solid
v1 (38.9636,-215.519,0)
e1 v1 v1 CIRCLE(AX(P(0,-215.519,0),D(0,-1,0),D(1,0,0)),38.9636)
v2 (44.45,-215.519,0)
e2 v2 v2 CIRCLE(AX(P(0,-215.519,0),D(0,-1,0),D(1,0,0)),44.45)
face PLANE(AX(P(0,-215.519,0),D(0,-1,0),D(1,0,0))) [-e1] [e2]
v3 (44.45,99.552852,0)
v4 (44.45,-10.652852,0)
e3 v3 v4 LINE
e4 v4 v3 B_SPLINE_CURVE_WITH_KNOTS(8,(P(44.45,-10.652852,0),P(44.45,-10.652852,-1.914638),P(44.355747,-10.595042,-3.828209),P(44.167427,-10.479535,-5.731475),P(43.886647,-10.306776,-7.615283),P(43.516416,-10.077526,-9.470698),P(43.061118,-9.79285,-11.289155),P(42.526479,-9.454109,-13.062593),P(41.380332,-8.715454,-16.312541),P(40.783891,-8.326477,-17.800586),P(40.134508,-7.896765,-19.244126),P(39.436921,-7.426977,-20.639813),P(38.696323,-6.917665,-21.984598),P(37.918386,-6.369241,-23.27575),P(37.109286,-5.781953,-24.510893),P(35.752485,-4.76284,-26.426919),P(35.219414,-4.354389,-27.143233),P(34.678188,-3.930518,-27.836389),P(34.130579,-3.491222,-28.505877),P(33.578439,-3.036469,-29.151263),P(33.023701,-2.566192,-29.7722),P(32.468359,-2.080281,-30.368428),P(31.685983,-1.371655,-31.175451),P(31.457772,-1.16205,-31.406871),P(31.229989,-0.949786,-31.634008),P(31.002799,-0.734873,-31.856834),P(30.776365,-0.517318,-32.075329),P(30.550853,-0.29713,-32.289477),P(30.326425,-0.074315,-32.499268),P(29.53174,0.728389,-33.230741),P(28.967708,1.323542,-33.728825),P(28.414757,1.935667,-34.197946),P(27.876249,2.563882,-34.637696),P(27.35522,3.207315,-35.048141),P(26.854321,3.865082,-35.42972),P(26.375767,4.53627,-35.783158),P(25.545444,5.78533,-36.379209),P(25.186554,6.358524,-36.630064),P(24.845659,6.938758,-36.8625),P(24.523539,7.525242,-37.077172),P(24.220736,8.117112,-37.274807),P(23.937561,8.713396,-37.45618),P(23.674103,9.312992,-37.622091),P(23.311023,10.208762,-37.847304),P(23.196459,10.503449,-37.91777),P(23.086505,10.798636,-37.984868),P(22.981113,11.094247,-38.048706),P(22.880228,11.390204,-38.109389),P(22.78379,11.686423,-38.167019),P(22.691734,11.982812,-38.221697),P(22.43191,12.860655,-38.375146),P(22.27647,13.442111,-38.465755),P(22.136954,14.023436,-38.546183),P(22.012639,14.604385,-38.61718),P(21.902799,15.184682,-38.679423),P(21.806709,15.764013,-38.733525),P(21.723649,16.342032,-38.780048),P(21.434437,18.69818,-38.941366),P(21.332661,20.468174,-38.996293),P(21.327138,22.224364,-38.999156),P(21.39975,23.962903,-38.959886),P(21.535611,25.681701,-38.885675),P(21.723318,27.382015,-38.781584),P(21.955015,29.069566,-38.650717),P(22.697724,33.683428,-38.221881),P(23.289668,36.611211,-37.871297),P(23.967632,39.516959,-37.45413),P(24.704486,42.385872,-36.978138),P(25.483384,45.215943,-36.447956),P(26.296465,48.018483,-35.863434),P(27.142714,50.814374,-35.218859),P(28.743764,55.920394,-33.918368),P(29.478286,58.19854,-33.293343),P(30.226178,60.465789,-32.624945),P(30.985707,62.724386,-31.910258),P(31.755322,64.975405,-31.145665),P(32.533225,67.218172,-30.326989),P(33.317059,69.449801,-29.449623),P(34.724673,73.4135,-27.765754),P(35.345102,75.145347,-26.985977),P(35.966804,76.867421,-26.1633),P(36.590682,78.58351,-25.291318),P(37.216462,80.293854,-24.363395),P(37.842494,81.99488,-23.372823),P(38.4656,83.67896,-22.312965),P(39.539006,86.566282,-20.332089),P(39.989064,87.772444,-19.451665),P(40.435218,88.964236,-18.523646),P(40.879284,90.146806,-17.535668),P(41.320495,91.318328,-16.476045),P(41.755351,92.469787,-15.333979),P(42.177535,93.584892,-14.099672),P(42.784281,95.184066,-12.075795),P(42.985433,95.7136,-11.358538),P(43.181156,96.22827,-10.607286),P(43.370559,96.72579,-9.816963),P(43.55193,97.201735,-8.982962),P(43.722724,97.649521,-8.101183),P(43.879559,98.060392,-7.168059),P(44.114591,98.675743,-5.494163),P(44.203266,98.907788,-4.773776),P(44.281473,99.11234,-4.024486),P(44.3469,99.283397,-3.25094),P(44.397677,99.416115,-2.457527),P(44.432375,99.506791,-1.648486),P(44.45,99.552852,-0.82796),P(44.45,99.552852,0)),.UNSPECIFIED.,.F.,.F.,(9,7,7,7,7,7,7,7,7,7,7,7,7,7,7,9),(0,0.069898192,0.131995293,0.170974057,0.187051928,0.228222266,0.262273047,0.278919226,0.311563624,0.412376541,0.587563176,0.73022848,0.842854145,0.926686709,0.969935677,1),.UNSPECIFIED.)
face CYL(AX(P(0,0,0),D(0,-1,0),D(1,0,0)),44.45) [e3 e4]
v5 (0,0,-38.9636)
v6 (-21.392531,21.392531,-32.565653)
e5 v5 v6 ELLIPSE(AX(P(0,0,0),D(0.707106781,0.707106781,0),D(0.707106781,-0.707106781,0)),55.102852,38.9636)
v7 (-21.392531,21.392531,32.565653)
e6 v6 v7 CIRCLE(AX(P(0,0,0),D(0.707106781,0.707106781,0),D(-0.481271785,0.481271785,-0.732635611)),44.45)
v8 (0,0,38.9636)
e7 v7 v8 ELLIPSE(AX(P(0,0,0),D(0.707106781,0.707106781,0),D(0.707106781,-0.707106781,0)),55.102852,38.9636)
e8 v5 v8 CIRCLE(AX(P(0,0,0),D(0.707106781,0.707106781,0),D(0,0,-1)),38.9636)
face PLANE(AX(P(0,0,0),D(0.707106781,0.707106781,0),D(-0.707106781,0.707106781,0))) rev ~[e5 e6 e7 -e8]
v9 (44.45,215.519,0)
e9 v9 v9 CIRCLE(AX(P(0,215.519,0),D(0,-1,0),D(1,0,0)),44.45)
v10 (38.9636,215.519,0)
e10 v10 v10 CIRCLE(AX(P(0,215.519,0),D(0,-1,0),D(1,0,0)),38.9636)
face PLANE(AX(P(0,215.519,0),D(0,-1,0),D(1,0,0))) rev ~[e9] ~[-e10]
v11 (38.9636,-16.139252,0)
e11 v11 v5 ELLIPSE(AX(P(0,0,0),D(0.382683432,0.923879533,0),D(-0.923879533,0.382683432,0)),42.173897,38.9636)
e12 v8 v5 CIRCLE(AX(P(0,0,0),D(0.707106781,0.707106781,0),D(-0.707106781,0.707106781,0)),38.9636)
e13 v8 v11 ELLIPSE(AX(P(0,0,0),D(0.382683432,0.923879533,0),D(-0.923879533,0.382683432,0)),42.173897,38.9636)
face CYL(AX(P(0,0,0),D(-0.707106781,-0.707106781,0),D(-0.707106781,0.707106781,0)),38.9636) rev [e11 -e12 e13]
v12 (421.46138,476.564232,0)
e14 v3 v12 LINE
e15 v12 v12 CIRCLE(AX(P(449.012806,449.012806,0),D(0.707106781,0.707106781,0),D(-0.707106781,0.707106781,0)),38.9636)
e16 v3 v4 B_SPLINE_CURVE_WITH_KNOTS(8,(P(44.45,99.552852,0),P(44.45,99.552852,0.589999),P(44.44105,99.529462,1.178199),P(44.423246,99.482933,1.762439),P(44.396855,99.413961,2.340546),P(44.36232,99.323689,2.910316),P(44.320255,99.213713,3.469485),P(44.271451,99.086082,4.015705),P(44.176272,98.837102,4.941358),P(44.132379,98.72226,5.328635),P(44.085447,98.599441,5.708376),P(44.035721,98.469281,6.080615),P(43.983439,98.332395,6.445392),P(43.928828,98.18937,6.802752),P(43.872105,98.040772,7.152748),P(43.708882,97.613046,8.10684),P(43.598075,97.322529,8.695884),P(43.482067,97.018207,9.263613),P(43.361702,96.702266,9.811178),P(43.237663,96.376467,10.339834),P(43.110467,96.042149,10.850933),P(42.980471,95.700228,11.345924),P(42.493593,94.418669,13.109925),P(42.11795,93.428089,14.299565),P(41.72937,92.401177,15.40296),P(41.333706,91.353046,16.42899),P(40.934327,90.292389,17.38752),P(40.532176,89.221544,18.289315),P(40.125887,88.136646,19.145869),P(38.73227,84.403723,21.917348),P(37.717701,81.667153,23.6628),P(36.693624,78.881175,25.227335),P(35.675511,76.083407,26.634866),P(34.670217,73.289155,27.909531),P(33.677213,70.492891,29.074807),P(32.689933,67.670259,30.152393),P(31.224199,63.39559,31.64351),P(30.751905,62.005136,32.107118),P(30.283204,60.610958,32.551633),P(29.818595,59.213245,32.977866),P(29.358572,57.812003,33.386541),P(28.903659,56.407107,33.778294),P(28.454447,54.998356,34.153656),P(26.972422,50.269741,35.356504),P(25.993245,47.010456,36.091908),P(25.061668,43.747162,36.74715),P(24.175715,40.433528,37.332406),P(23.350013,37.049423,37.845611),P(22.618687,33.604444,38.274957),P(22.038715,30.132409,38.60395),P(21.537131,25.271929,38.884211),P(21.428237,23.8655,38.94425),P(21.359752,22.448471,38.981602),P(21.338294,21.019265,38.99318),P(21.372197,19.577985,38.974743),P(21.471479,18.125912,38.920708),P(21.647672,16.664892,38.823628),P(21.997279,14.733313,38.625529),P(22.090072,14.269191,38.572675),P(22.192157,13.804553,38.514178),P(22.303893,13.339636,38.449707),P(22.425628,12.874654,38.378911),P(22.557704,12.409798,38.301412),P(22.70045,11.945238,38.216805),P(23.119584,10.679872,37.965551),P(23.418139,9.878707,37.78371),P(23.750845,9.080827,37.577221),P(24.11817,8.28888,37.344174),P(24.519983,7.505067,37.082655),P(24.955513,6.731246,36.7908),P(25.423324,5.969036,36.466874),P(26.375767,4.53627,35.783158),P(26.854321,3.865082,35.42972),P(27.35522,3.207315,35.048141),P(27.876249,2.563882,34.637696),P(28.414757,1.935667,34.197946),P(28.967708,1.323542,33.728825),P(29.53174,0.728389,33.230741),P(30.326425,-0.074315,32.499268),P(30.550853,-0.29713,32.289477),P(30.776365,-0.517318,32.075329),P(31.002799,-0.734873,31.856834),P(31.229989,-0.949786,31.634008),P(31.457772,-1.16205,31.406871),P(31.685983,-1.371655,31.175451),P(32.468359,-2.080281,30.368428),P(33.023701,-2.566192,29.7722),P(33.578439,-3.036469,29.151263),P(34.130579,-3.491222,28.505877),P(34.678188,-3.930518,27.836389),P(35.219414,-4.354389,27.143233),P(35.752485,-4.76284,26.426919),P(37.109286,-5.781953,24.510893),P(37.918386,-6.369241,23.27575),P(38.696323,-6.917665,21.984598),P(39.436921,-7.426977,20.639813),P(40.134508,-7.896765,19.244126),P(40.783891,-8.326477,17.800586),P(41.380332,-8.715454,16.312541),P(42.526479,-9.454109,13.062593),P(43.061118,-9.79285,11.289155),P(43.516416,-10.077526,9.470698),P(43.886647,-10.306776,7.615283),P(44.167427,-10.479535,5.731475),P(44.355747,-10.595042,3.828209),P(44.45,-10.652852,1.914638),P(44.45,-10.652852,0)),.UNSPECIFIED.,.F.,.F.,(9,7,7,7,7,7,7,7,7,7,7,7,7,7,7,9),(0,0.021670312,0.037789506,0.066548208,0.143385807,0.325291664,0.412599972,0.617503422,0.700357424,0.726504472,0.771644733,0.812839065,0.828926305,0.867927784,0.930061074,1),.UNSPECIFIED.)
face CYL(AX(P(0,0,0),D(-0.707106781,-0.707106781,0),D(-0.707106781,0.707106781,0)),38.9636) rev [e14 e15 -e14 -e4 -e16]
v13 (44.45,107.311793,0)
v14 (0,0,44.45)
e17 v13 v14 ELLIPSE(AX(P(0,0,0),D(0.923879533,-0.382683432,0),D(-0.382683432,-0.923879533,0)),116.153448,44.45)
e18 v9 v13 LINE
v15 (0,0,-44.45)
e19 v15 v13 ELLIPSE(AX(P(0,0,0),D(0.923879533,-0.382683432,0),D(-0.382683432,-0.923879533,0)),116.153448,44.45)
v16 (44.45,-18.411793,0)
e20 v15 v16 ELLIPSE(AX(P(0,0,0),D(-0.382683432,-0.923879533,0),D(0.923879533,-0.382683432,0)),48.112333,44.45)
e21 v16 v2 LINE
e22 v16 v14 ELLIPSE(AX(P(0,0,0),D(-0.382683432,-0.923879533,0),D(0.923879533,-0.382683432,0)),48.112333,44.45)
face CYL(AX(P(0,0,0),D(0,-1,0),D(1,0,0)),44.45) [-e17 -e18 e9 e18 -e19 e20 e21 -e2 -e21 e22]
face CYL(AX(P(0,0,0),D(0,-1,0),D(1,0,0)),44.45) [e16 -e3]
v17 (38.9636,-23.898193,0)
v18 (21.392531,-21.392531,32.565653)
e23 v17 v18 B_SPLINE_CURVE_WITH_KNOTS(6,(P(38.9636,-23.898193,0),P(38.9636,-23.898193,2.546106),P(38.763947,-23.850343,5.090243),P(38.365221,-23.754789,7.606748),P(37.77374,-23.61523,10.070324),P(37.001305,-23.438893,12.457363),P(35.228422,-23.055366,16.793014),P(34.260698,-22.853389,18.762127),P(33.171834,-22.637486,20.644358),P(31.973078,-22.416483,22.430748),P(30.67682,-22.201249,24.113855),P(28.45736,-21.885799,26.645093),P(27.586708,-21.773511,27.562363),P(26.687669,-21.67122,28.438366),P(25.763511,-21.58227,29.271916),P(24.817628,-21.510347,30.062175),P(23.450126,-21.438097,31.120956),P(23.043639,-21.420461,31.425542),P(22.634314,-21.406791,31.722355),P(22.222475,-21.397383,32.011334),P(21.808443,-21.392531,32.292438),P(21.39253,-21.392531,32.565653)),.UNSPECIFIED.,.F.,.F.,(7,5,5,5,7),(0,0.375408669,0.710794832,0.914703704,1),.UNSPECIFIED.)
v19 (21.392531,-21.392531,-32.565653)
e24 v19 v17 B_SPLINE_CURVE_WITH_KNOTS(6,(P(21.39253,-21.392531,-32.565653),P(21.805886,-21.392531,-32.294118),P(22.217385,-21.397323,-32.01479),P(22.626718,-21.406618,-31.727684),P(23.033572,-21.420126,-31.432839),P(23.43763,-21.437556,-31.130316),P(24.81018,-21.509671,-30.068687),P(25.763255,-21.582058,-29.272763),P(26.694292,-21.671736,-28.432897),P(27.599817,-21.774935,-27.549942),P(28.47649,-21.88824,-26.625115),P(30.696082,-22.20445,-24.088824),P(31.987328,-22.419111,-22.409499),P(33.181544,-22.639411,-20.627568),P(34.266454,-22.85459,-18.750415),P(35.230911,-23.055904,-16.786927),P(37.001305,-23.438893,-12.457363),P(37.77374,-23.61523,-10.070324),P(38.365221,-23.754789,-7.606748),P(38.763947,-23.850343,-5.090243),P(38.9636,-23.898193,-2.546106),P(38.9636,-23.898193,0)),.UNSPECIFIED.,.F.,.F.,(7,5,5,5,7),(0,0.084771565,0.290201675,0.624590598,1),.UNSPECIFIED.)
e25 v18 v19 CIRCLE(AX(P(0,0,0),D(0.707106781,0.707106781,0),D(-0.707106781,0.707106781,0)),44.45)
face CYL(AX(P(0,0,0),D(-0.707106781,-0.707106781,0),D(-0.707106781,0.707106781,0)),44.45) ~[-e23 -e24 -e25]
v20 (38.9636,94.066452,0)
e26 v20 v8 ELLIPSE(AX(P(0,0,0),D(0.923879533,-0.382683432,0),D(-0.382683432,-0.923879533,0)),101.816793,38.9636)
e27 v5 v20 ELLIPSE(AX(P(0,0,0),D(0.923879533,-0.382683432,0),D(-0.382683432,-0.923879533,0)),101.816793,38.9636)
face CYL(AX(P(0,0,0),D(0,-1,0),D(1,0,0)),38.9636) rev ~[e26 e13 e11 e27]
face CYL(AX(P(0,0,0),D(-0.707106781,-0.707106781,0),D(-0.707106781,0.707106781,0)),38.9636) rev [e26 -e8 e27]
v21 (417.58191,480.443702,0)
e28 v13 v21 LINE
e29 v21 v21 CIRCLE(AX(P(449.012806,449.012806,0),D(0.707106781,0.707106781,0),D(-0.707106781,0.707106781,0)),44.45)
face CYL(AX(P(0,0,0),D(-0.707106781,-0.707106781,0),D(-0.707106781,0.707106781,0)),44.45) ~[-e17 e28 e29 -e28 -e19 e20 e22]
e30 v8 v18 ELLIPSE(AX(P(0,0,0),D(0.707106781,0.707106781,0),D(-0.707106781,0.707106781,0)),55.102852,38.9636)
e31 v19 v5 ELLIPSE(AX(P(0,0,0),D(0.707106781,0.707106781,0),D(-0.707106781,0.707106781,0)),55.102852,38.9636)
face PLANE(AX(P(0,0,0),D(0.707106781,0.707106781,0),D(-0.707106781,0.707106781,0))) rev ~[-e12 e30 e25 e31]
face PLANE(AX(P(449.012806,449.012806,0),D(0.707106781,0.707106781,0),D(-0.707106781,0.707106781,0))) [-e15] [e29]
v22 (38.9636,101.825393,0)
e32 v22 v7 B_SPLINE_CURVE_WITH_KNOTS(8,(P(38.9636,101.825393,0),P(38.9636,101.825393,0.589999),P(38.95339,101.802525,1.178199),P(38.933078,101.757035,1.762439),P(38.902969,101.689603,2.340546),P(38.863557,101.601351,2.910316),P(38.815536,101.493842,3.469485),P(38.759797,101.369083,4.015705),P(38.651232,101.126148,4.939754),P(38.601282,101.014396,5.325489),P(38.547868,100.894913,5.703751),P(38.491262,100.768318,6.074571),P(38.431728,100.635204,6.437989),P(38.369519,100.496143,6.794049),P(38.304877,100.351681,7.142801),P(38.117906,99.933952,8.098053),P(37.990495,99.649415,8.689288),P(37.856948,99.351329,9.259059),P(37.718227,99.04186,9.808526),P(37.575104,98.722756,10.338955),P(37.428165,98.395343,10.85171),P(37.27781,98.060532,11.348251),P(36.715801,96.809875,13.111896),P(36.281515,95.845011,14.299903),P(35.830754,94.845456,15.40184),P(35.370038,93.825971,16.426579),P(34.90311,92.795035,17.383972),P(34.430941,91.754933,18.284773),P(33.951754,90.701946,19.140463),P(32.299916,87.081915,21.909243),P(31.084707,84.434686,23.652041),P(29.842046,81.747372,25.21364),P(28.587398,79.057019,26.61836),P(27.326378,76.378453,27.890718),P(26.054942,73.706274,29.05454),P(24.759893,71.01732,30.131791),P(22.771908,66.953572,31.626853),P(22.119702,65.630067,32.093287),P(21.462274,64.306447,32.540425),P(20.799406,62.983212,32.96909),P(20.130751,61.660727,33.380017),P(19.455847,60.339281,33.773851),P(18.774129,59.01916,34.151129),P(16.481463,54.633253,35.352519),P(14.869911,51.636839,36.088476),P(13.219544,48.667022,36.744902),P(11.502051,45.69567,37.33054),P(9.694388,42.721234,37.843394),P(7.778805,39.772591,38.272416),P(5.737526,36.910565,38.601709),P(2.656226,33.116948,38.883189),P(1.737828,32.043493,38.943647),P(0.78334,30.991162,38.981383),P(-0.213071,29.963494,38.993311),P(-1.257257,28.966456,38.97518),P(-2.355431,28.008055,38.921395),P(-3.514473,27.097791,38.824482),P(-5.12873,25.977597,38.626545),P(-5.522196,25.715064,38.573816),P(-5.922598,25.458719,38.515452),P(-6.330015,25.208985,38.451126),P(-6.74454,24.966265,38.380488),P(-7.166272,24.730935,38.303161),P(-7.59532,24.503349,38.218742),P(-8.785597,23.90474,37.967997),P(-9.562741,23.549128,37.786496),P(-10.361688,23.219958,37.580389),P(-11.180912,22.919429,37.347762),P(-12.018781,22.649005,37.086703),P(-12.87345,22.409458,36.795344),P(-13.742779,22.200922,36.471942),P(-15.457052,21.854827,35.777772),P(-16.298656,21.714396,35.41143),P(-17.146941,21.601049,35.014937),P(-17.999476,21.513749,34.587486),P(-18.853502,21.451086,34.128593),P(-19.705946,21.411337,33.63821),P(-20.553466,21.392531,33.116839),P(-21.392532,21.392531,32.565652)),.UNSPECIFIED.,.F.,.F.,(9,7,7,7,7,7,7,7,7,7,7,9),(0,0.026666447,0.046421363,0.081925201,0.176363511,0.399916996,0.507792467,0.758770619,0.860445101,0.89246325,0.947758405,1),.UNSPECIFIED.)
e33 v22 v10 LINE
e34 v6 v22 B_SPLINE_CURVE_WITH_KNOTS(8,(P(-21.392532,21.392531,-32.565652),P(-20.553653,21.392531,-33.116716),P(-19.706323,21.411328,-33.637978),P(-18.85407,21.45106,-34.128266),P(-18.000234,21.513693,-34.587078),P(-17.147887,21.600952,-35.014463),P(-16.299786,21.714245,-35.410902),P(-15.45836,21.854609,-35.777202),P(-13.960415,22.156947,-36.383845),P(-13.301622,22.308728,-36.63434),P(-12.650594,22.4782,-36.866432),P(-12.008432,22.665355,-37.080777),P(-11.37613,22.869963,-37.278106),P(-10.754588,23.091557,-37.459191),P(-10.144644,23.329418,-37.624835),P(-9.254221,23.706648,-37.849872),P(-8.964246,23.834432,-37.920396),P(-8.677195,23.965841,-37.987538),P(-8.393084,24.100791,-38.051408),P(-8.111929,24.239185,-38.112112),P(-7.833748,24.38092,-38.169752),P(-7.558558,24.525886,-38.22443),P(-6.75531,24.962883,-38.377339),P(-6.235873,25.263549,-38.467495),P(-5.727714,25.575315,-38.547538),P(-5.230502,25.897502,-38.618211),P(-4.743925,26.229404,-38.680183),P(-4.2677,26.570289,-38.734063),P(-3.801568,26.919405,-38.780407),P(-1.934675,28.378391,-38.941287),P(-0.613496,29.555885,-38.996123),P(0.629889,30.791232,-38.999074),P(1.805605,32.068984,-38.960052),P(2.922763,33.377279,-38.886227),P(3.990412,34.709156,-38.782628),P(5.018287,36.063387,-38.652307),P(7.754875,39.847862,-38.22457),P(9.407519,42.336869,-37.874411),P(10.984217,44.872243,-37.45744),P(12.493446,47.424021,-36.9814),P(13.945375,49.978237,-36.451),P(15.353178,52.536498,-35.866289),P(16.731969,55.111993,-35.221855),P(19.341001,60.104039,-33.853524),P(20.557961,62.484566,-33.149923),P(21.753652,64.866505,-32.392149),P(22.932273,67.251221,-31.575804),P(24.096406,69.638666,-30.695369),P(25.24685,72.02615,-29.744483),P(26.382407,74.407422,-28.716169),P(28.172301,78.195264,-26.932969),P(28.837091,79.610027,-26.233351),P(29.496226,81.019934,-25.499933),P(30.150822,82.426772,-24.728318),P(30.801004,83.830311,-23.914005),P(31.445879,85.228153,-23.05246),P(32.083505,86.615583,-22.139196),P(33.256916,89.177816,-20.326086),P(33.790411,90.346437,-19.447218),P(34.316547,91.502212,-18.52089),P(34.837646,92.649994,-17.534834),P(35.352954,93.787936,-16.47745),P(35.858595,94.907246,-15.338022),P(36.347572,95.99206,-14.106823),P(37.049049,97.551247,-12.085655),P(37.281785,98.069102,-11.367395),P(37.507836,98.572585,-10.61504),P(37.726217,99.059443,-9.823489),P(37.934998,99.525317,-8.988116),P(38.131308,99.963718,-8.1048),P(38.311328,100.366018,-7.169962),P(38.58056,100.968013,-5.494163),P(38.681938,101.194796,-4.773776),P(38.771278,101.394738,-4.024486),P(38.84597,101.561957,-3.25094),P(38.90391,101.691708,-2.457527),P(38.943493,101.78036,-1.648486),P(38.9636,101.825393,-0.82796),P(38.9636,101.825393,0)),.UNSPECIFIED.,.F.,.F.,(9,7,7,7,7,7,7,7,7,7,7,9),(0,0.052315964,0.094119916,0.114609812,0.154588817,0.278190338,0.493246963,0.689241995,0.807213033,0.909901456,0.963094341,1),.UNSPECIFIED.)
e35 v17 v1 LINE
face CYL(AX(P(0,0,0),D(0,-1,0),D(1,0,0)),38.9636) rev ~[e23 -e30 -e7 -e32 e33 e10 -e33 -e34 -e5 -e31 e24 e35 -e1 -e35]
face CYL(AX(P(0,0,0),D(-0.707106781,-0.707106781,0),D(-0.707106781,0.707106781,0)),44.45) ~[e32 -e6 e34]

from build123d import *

# Parameters (mm, degrees)
F0_R          = 44.45
F0_R_2        = 38.9636
F1_DEPTH      = 215.519
F1_DEPTH_BACK = 215.519
F3_R          = 44.45
F3_R_2        = 38.9636
F4_DEPTH      = 635


with BuildPart() as f1:
    # F0 (on Front) → F1 (new body, two sides)
    with BuildSketch(Plane.XZ) as f1_sk:
        Circle(F0_R)
        Circle(F0_R_2, mode=Mode.SUBTRACT)
    extrude(amount=F1_DEPTH)
    extrude(f1_sk.sketch, amount=-F1_DEPTH_BACK)

    # F3 (on face) → F4 (join)
    with BuildSketch(Plane(origin=(0, 0, 0), x_dir=(-0.7071067812, 0.7071067812, 0), z_dir=(0.7071067812, 0.7071067812, 0))):
        Circle(F3_R)
        Circle(F3_R_2, mode=Mode.SUBTRACT)
    extrude(amount=F4_DEPTH)


solid = f1.part
